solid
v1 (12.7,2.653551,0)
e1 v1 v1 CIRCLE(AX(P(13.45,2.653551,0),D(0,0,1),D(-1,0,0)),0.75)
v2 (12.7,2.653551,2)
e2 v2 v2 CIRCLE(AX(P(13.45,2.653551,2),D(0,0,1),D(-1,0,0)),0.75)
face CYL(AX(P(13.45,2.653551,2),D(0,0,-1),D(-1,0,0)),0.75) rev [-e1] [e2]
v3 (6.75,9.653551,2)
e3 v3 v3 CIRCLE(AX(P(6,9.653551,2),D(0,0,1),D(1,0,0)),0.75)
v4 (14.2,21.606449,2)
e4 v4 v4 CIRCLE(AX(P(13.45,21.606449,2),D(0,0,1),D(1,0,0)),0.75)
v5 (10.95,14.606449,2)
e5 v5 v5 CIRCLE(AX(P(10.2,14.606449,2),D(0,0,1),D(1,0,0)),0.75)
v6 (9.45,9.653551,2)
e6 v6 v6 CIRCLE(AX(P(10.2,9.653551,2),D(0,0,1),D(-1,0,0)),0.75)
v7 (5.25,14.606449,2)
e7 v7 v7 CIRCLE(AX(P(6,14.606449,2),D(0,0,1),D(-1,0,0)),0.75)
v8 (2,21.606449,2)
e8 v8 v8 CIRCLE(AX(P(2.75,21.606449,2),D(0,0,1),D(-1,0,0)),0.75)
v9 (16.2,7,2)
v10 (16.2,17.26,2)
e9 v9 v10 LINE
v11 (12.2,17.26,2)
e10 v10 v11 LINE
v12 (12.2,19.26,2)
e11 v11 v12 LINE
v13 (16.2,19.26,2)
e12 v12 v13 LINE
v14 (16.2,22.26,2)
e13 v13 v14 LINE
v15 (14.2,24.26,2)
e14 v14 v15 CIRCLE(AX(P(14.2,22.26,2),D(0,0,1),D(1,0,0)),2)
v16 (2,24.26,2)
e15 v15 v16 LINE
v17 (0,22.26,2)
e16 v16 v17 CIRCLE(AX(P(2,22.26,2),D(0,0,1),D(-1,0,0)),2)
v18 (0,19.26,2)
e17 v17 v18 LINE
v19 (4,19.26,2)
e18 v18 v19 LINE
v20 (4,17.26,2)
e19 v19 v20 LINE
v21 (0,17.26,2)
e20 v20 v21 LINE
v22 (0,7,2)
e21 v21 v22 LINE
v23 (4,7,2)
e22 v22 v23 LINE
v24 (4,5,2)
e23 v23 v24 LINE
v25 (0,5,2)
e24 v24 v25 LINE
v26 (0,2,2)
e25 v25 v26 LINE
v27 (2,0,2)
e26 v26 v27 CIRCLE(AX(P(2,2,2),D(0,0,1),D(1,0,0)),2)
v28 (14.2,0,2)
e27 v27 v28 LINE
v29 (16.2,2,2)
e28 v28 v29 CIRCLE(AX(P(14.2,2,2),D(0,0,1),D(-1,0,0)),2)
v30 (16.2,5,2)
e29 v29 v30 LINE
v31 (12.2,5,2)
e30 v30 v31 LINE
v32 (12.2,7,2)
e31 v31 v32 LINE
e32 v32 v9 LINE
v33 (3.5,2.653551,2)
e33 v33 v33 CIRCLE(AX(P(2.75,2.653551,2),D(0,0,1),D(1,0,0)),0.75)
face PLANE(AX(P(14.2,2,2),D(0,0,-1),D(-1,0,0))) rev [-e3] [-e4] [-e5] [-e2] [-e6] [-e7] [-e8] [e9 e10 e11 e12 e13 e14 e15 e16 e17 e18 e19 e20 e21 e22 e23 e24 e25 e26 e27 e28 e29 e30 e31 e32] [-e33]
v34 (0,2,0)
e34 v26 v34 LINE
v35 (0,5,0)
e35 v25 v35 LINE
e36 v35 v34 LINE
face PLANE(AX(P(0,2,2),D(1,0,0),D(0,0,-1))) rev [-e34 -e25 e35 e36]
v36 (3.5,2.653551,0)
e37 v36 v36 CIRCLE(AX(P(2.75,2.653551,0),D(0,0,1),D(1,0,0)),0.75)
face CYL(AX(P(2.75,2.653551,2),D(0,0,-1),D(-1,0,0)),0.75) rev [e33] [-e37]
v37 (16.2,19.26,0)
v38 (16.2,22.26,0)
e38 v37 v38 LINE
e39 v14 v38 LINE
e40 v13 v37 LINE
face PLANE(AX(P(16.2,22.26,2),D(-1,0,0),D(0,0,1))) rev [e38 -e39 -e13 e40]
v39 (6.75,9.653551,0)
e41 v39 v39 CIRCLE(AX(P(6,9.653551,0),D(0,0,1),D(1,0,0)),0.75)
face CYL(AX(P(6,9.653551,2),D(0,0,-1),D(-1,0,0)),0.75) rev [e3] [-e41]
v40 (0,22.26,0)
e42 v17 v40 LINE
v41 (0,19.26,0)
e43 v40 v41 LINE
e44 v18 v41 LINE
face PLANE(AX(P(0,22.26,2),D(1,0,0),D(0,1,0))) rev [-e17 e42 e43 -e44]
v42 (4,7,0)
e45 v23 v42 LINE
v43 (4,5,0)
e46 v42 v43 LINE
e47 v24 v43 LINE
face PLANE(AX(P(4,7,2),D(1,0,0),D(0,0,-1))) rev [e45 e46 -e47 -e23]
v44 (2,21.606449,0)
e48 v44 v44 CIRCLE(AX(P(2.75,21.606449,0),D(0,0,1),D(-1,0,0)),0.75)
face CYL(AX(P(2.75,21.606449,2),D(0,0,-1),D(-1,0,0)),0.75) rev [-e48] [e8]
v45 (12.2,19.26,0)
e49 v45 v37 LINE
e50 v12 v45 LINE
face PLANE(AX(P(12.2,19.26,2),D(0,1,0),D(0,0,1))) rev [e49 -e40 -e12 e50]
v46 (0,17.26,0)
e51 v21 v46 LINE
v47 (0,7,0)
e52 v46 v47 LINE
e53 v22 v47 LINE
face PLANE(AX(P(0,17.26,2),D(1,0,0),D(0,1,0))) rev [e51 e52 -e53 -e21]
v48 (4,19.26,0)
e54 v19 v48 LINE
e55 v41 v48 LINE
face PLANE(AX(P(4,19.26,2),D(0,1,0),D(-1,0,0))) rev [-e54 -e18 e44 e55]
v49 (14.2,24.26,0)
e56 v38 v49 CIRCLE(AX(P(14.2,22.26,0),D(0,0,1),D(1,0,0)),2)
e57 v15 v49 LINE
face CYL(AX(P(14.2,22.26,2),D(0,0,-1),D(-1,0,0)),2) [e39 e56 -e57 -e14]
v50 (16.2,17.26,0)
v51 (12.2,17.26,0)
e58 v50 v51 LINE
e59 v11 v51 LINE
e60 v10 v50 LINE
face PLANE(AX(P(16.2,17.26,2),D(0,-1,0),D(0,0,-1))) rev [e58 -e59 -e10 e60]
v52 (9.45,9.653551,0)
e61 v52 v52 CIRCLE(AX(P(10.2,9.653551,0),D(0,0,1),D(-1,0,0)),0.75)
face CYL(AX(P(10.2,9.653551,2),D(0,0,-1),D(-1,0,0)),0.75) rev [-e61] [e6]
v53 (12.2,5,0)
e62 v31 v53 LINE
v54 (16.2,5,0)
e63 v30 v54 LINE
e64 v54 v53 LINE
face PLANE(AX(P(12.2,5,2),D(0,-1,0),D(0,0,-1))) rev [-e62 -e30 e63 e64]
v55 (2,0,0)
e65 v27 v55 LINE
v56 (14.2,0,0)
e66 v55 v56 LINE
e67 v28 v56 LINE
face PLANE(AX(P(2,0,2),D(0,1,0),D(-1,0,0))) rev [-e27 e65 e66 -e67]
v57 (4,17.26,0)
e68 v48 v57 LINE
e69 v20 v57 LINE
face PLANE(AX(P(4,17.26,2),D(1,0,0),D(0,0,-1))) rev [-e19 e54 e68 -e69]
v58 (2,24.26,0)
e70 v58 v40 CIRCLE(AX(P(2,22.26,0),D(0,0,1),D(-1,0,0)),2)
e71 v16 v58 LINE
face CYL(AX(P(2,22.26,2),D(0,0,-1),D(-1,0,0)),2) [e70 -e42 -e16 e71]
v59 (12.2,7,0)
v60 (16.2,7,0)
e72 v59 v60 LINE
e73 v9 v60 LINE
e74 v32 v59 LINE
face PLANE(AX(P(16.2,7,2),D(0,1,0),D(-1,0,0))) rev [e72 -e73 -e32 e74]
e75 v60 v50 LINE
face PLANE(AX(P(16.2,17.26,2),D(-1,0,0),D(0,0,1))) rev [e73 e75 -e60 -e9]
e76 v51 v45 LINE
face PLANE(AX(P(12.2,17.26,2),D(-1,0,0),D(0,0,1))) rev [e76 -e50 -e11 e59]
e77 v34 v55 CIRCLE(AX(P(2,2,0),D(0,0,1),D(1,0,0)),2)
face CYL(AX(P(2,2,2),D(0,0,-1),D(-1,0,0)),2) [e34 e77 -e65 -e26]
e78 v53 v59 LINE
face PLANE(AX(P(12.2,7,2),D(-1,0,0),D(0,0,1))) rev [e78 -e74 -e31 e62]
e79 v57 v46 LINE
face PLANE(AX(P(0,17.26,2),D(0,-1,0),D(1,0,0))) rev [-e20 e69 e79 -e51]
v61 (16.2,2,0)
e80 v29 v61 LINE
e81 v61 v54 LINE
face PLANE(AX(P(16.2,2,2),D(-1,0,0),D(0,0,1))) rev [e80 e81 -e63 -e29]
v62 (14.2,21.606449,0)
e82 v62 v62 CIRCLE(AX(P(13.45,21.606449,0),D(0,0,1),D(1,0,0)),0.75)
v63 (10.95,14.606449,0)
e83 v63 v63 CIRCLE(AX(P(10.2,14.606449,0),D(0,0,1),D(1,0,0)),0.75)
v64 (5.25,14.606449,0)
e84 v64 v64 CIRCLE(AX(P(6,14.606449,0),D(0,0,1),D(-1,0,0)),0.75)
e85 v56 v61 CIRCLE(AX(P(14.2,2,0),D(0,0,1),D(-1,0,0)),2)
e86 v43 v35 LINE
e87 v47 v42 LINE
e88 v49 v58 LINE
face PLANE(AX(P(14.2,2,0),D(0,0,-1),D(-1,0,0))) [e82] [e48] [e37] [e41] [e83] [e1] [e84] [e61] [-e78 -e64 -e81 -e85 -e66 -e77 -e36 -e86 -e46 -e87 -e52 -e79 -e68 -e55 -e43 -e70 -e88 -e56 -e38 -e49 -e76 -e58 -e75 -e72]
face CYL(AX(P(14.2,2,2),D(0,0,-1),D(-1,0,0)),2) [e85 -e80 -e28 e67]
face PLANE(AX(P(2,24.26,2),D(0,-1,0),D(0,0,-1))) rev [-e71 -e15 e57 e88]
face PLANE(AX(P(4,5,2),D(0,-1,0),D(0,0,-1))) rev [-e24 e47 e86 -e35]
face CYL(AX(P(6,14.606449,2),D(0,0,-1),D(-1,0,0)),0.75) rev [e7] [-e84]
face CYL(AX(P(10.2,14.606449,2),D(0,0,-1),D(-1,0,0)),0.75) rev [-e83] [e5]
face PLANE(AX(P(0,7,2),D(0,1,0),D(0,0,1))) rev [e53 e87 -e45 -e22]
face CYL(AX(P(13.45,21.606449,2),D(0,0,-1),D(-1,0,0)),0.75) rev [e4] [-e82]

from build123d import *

# Parameters (mm, degrees)
SKETCH1_R           = 0.75
BOSS_EXTRUDE1_DEPTH = 2


with BuildPart() as part:
    # Sketch1 → Boss-Extrude1 (new body)
    with BuildSketch(Plane.XY):
        with BuildLine():
            Line((16.2, 17.26), (16.2, 7))
            Line((16.2, 7), (12.2, 7))
            Line((12.2, 7), (12.2, 5))
            Line((12.2, 5), (16.2, 5))
            Line((16.2, 5), (16.2, 2))
            ThreePointArc((16.2, 2), (15.614213562, 0.585786438), (14.2, 0))
            Line((14.2, 0), (2, 0))
            ThreePointArc((2, 0), (0.585786438, 0.585786438), (0, 2))
            Line((0, 2), (0, 5))
            Line((0, 5), (4, 5))
            Line((4, 5), (4, 7))
            Line((4, 7), (0, 7))
            Line((0, 7), (0, 17.26))
            Line((0, 17.26), (4, 17.26))
            Line((4, 17.26), (4, 19.26))
            Line((4, 19.26), (0, 19.26))
            Line((0, 19.26), (0, 22.26))
            ThreePointArc((0, 22.26), (0.585786438, 23.674213562), (2, 24.26))
            Line((2, 24.26), (14.2, 24.26))
            ThreePointArc((14.2, 24.26), (15.614213562, 23.674213562), (16.2, 22.26))
            Line((16.2, 22.26), (16.2, 19.26))
            Line((16.2, 19.26), (12.2, 19.26))
            Line((12.2, 19.26), (12.2, 17.26))
            Line((12.2, 17.26), (16.2, 17.26))
        make_face()
        with Locations((13.45, 2.653551169)):
            Circle(SKETCH1_R, mode=Mode.SUBTRACT)
        with Locations((10.2, 9.653551169)):
            Circle(SKETCH1_R, mode=Mode.SUBTRACT)
        with Locations((2.75, 21.606448831)):
            Circle(SKETCH1_R, mode=Mode.SUBTRACT)
        with Locations((6, 14.606448831)):
            Circle(SKETCH1_R, mode=Mode.SUBTRACT)
        with Locations((10.2, 14.606448831)):
            Circle(SKETCH1_R, mode=Mode.SUBTRACT)
        with Locations((13.45, 21.606448831)):
            Circle(SKETCH1_R, mode=Mode.SUBTRACT)
        with Locations((6, 9.653551169)):
            Circle(SKETCH1_R, mode=Mode.SUBTRACT)
        with Locations((2.75, 2.653551169)):
            Circle(SKETCH1_R, mode=Mode.SUBTRACT)
    extrude(amount=BOSS_EXTRUDE1_DEPTH)


solid = part.part
